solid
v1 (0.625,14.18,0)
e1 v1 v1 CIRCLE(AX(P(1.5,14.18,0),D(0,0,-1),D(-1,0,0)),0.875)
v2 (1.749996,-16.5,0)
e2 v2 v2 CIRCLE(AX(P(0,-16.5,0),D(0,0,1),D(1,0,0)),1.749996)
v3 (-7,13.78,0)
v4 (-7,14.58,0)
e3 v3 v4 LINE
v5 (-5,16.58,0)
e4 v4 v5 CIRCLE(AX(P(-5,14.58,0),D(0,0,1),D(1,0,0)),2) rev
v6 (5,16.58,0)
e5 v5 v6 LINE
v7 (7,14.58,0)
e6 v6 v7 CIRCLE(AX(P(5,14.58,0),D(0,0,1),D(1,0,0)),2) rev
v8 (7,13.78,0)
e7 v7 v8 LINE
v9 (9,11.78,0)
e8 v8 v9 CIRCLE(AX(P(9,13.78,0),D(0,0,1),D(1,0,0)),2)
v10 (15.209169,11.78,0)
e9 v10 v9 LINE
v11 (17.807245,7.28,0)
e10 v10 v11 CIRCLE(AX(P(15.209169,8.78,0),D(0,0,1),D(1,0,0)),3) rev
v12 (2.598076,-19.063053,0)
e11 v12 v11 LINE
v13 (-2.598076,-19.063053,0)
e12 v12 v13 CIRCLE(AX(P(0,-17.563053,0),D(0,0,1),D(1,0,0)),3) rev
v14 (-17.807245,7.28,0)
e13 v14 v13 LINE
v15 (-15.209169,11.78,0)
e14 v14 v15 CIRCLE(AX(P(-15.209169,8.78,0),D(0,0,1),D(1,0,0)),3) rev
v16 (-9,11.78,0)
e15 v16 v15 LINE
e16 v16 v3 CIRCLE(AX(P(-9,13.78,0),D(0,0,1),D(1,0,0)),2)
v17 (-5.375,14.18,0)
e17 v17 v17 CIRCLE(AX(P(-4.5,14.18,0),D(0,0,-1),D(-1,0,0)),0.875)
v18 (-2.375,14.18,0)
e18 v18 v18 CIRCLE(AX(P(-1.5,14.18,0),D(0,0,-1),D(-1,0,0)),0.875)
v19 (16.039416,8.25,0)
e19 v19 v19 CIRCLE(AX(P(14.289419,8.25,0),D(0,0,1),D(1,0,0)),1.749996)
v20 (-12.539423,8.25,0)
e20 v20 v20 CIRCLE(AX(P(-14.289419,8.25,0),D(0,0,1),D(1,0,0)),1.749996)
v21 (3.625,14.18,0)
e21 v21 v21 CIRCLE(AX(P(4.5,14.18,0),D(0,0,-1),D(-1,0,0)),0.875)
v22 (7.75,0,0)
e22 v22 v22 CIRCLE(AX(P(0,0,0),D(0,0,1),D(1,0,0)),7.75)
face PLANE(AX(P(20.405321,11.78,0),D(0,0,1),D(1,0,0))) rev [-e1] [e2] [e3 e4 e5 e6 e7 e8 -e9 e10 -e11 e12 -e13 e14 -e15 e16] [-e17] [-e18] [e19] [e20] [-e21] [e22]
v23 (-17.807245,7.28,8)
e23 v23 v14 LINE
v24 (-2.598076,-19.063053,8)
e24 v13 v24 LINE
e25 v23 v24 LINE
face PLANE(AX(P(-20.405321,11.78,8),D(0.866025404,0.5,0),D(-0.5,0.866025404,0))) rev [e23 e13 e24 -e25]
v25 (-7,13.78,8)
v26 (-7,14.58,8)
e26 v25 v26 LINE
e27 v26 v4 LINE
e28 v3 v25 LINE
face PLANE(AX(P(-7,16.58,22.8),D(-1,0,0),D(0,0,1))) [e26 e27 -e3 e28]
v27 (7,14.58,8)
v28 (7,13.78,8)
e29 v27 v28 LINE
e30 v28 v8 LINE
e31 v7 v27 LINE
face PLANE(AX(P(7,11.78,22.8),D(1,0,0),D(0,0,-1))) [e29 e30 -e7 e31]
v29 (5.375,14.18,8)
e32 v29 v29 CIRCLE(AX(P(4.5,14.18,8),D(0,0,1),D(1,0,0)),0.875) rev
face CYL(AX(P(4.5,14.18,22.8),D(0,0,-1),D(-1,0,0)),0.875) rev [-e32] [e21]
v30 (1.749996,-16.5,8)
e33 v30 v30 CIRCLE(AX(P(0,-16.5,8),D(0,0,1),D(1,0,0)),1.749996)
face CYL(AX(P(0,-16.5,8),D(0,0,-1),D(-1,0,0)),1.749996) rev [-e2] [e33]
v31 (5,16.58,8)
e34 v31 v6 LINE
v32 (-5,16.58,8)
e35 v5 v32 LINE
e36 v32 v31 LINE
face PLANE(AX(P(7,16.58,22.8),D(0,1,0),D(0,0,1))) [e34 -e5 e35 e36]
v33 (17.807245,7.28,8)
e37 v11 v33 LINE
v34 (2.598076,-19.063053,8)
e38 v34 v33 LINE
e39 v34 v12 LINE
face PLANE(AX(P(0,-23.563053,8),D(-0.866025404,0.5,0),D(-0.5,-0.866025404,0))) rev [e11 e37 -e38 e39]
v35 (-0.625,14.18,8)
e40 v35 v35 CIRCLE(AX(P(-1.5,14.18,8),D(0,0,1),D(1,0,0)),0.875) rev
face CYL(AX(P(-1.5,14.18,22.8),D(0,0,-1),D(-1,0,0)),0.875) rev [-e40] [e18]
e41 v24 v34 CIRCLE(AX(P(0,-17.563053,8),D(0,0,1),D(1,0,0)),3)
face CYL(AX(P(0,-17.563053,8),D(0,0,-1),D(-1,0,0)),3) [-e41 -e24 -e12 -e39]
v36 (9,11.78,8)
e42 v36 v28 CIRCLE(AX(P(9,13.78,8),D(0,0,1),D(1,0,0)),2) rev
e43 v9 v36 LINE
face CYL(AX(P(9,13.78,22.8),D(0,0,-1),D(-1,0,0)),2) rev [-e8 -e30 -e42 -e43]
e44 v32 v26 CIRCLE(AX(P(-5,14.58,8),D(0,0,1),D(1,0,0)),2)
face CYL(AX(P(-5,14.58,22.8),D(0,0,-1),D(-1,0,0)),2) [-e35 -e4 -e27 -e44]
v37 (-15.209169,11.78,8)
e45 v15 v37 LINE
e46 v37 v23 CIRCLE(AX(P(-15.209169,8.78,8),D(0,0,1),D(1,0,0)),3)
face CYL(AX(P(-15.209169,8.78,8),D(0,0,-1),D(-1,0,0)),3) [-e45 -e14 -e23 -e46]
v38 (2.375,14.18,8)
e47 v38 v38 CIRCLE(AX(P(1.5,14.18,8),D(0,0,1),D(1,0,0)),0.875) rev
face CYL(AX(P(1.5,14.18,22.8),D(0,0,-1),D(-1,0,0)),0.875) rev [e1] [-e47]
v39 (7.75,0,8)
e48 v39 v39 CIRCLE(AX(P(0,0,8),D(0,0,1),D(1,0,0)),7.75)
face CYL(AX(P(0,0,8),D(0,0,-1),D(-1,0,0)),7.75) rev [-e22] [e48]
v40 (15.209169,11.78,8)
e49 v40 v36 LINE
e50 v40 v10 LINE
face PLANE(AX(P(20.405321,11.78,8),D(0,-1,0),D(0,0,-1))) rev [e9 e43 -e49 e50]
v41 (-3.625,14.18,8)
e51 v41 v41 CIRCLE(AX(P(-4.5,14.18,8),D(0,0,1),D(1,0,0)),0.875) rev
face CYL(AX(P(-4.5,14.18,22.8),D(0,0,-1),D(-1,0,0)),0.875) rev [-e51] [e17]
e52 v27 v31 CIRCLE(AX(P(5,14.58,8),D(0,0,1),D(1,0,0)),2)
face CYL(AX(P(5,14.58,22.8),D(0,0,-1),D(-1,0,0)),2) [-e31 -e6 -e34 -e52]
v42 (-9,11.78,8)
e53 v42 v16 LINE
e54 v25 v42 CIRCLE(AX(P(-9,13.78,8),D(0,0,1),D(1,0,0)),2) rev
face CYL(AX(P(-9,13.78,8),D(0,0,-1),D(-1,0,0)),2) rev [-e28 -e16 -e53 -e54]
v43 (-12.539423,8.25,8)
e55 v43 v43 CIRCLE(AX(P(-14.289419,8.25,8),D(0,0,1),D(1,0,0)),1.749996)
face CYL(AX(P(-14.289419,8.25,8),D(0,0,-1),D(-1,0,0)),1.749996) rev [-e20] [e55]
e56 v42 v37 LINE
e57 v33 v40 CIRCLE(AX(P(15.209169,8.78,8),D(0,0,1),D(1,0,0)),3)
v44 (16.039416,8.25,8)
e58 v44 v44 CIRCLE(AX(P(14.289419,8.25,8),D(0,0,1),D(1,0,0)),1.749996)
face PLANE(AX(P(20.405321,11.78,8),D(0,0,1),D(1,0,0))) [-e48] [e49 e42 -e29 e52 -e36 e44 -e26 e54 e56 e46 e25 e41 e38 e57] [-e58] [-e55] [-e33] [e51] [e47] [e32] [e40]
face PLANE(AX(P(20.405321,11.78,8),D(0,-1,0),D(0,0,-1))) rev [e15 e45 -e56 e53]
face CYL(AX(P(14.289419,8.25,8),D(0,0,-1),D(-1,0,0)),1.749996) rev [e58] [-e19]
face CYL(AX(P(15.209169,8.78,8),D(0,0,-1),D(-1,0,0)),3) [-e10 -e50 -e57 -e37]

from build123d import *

# Parameters (mm, degrees)
MODEL_R             = 1.7499965
MODEL_R_2           = 7.75
BOSS_EXTRUDE1_DEPTH = 8
FILLET1_R           = 3
SKETCH1_W           = 14
SKETCH1_H           = 4.8
SKETCH1_R           = 0.875
BOSS_EXTRUDE2_DEPTH = 8
FILLET2_R           = 2


with BuildPart() as part:
    # Model → Boss-Extrude1 (new body)
    with BuildSketch(Plane.XY):
        Polygon((20.40532142, 11.78), (-20.40532142, 11.78), (0, -23.563053444), align=None)
        with Locations((0, -16.5)):
            Circle(MODEL_R, mode=Mode.SUBTRACT)
        Circle(MODEL_R_2, mode=Mode.SUBTRACT)
        with Locations((-14.289419163, 8.25)):
            Circle(MODEL_R, mode=Mode.SUBTRACT)
        with Locations((14.289419163, 8.25)):
            Circle(MODEL_R, mode=Mode.SUBTRACT)
    extrude(amount=BOSS_EXTRUDE1_DEPTH)

    # Fillet1
    fillet1_edges = [part.edges().sort_by_distance(p)[0] for p in [
        (0, -23.563053444, 4),
        (-20.40532142, 11.78, 4),
        (20.40532142, 11.78, 4),
    ]]
    fillet(fillet1_edges, radius=FILLET1_R)

    # Sketch1 → Boss-Extrude2 (add)
    with BuildSketch(Plane(origin=(0, 0, 0), x_dir=(-1, 0, 0), z_dir=(0, 0, -1))):
        with Locations((0, 14.18)):
            Rectangle(SKETCH1_W, SKETCH1_H)
        with Locations((-1.5, 14.18)):
            Circle(SKETCH1_R, mode=Mode.SUBTRACT)
        with Locations((-4.5, 14.18)):
            Circle(SKETCH1_R, mode=Mode.SUBTRACT)
        with Locations((1.5, 14.18)):
            Circle(SKETCH1_R, mode=Mode.SUBTRACT)
        with Locations((4.5, 14.18)):
            Circle(SKETCH1_R, mode=Mode.SUBTRACT)
    extrude(amount=-BOSS_EXTRUDE2_DEPTH)

    # Fillet2
    fillet2_edges = [part.edges().sort_by_distance(p)[0] for p in [
        (-7, 11.78, 4),
        (7, 11.78, 4),
        (7, 16.58, 4),
        (-7, 16.58, 4),
    ]]
    fillet(fillet2_edges, radius=FILLET2_R)


solid = part.part
